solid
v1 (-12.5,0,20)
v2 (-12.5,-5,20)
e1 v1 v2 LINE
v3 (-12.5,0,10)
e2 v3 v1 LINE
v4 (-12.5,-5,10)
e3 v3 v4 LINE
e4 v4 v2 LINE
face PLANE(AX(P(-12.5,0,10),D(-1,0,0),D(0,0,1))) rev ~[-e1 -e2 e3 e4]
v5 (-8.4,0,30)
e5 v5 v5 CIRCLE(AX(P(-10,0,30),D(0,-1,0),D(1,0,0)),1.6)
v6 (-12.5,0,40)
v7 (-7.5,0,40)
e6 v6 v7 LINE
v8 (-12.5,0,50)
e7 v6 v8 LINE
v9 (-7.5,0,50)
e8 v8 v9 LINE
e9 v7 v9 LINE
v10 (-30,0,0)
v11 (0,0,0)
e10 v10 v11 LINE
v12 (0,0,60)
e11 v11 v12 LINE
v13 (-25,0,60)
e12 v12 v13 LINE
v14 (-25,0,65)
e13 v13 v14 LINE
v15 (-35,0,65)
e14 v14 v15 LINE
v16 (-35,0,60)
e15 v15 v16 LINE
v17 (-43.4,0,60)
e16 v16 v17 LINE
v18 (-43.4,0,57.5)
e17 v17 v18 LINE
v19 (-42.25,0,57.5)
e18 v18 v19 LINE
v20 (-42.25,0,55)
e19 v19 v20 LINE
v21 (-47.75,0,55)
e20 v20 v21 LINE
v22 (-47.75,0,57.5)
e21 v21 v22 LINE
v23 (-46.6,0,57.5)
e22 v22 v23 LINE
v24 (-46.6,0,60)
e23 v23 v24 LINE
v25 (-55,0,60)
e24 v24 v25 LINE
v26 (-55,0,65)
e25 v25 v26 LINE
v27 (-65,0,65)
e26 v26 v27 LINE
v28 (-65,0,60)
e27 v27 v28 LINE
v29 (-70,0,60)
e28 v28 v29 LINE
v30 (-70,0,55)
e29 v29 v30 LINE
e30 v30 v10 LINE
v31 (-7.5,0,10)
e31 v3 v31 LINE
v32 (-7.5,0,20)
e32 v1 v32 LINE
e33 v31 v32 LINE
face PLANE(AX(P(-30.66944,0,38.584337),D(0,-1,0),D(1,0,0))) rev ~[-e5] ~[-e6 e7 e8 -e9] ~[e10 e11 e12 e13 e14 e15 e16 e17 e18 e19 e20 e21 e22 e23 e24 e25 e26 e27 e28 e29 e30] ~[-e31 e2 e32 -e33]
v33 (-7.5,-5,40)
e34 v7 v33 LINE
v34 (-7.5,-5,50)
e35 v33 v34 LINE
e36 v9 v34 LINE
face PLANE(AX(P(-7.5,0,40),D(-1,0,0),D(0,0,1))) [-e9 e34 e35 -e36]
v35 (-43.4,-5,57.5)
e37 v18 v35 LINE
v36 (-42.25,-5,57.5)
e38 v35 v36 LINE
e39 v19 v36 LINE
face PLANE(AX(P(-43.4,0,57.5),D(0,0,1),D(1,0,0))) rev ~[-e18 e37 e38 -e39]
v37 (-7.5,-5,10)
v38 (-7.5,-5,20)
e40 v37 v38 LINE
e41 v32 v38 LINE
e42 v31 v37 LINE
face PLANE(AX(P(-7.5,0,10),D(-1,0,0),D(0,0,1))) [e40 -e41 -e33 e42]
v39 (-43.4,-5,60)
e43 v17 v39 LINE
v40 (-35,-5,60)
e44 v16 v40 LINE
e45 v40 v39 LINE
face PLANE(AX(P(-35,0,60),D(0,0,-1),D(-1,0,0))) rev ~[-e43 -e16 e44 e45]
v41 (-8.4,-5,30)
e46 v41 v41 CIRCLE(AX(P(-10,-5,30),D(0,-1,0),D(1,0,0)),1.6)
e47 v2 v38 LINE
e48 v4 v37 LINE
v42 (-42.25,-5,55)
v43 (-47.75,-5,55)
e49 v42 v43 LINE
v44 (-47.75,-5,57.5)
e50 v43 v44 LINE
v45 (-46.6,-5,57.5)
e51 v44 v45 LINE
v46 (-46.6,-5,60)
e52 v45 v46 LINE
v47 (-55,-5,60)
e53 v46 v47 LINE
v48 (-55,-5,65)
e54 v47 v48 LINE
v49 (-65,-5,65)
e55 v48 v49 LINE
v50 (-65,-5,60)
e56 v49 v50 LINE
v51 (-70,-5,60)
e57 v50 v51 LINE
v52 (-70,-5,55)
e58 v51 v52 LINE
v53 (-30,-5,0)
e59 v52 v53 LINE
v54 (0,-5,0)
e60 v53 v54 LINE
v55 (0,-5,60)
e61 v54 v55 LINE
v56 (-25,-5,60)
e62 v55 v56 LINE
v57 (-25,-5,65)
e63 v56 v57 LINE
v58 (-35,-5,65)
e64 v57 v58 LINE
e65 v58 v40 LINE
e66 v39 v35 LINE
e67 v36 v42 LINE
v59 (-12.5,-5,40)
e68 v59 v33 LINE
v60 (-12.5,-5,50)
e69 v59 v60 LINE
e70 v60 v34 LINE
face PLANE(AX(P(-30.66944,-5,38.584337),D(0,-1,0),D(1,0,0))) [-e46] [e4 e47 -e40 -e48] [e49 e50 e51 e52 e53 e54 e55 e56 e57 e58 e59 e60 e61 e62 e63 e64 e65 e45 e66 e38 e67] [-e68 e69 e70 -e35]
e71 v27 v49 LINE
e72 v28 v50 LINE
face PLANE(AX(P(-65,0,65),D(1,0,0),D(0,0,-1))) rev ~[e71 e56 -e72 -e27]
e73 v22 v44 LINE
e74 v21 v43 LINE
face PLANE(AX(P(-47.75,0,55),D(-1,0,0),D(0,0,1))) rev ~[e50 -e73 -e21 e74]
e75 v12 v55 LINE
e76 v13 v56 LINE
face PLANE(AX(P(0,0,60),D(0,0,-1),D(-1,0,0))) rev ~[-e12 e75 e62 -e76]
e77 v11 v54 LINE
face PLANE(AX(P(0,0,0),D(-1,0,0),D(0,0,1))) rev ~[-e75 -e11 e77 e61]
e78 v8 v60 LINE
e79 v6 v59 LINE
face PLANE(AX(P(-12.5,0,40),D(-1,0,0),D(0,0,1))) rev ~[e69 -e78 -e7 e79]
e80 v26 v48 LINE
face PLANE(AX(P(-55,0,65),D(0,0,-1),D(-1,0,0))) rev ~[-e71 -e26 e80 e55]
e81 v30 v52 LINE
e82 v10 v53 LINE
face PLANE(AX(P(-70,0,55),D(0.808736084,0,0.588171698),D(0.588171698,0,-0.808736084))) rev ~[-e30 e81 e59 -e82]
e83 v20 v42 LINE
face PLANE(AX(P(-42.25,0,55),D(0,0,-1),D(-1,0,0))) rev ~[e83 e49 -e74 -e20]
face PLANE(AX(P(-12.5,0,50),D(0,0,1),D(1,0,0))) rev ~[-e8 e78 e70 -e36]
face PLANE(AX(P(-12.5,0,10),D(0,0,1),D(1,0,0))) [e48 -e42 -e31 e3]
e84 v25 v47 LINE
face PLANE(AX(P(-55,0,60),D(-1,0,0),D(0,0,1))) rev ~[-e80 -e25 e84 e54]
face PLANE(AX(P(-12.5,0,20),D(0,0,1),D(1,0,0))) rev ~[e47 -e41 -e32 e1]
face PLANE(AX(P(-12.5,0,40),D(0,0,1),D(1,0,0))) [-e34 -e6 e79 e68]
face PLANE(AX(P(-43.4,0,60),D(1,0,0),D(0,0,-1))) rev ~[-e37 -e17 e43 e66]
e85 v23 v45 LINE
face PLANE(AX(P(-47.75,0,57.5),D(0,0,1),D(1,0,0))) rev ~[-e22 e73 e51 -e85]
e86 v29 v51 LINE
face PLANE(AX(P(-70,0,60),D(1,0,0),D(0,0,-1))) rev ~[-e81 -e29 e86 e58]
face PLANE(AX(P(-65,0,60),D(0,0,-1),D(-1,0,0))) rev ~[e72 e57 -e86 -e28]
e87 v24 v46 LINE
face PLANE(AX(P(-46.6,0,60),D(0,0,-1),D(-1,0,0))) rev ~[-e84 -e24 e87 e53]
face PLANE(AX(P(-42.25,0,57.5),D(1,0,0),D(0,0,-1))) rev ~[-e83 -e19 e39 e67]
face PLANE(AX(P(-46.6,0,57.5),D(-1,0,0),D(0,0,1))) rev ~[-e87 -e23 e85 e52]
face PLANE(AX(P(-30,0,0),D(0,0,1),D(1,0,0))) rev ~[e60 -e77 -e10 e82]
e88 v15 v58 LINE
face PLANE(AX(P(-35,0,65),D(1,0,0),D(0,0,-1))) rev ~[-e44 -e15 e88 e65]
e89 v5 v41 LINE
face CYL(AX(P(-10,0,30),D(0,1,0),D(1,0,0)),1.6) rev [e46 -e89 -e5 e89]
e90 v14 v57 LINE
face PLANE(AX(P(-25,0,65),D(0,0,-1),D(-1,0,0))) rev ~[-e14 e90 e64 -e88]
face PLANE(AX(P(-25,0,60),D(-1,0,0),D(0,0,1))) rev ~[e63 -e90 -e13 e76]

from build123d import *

# Parameters (mm, degrees)
F1_W     = 5
F1_H     = 10
F1_R     = 1.6
F2_DEPTH = 5


with BuildPart() as f2:
    # F1 (on Front) → F2 (new body)
    with BuildSketch(Plane.XZ):
        Polygon((-30, 0), (0, 0), (0, 60), (-25, 60), (-25, 65), (-35, 65), (-35, 60), (-43.4, 60), (-43.4, 57.5), (-42.25, 57.5), (-42.25, 55), (-45, 55), (-47.75, 55), (-47.75, 57.5), (-46.6, 57.5), (-46.6, 60), (-55, 60), (-55, 65), (-65, 65), (-65, 60), (-70, 60), (-70, 55), align=None)
        with Locations((-10, 15)):
            Rectangle(F1_W, F1_H, mode=Mode.SUBTRACT)
        with Locations((-10, 30)):
            Circle(F1_R, mode=Mode.SUBTRACT)
        with Locations((-10, 45)):
            Rectangle(F1_W, F1_H, mode=Mode.SUBTRACT)
    extrude(amount=F2_DEPTH)


solid = f2.part
